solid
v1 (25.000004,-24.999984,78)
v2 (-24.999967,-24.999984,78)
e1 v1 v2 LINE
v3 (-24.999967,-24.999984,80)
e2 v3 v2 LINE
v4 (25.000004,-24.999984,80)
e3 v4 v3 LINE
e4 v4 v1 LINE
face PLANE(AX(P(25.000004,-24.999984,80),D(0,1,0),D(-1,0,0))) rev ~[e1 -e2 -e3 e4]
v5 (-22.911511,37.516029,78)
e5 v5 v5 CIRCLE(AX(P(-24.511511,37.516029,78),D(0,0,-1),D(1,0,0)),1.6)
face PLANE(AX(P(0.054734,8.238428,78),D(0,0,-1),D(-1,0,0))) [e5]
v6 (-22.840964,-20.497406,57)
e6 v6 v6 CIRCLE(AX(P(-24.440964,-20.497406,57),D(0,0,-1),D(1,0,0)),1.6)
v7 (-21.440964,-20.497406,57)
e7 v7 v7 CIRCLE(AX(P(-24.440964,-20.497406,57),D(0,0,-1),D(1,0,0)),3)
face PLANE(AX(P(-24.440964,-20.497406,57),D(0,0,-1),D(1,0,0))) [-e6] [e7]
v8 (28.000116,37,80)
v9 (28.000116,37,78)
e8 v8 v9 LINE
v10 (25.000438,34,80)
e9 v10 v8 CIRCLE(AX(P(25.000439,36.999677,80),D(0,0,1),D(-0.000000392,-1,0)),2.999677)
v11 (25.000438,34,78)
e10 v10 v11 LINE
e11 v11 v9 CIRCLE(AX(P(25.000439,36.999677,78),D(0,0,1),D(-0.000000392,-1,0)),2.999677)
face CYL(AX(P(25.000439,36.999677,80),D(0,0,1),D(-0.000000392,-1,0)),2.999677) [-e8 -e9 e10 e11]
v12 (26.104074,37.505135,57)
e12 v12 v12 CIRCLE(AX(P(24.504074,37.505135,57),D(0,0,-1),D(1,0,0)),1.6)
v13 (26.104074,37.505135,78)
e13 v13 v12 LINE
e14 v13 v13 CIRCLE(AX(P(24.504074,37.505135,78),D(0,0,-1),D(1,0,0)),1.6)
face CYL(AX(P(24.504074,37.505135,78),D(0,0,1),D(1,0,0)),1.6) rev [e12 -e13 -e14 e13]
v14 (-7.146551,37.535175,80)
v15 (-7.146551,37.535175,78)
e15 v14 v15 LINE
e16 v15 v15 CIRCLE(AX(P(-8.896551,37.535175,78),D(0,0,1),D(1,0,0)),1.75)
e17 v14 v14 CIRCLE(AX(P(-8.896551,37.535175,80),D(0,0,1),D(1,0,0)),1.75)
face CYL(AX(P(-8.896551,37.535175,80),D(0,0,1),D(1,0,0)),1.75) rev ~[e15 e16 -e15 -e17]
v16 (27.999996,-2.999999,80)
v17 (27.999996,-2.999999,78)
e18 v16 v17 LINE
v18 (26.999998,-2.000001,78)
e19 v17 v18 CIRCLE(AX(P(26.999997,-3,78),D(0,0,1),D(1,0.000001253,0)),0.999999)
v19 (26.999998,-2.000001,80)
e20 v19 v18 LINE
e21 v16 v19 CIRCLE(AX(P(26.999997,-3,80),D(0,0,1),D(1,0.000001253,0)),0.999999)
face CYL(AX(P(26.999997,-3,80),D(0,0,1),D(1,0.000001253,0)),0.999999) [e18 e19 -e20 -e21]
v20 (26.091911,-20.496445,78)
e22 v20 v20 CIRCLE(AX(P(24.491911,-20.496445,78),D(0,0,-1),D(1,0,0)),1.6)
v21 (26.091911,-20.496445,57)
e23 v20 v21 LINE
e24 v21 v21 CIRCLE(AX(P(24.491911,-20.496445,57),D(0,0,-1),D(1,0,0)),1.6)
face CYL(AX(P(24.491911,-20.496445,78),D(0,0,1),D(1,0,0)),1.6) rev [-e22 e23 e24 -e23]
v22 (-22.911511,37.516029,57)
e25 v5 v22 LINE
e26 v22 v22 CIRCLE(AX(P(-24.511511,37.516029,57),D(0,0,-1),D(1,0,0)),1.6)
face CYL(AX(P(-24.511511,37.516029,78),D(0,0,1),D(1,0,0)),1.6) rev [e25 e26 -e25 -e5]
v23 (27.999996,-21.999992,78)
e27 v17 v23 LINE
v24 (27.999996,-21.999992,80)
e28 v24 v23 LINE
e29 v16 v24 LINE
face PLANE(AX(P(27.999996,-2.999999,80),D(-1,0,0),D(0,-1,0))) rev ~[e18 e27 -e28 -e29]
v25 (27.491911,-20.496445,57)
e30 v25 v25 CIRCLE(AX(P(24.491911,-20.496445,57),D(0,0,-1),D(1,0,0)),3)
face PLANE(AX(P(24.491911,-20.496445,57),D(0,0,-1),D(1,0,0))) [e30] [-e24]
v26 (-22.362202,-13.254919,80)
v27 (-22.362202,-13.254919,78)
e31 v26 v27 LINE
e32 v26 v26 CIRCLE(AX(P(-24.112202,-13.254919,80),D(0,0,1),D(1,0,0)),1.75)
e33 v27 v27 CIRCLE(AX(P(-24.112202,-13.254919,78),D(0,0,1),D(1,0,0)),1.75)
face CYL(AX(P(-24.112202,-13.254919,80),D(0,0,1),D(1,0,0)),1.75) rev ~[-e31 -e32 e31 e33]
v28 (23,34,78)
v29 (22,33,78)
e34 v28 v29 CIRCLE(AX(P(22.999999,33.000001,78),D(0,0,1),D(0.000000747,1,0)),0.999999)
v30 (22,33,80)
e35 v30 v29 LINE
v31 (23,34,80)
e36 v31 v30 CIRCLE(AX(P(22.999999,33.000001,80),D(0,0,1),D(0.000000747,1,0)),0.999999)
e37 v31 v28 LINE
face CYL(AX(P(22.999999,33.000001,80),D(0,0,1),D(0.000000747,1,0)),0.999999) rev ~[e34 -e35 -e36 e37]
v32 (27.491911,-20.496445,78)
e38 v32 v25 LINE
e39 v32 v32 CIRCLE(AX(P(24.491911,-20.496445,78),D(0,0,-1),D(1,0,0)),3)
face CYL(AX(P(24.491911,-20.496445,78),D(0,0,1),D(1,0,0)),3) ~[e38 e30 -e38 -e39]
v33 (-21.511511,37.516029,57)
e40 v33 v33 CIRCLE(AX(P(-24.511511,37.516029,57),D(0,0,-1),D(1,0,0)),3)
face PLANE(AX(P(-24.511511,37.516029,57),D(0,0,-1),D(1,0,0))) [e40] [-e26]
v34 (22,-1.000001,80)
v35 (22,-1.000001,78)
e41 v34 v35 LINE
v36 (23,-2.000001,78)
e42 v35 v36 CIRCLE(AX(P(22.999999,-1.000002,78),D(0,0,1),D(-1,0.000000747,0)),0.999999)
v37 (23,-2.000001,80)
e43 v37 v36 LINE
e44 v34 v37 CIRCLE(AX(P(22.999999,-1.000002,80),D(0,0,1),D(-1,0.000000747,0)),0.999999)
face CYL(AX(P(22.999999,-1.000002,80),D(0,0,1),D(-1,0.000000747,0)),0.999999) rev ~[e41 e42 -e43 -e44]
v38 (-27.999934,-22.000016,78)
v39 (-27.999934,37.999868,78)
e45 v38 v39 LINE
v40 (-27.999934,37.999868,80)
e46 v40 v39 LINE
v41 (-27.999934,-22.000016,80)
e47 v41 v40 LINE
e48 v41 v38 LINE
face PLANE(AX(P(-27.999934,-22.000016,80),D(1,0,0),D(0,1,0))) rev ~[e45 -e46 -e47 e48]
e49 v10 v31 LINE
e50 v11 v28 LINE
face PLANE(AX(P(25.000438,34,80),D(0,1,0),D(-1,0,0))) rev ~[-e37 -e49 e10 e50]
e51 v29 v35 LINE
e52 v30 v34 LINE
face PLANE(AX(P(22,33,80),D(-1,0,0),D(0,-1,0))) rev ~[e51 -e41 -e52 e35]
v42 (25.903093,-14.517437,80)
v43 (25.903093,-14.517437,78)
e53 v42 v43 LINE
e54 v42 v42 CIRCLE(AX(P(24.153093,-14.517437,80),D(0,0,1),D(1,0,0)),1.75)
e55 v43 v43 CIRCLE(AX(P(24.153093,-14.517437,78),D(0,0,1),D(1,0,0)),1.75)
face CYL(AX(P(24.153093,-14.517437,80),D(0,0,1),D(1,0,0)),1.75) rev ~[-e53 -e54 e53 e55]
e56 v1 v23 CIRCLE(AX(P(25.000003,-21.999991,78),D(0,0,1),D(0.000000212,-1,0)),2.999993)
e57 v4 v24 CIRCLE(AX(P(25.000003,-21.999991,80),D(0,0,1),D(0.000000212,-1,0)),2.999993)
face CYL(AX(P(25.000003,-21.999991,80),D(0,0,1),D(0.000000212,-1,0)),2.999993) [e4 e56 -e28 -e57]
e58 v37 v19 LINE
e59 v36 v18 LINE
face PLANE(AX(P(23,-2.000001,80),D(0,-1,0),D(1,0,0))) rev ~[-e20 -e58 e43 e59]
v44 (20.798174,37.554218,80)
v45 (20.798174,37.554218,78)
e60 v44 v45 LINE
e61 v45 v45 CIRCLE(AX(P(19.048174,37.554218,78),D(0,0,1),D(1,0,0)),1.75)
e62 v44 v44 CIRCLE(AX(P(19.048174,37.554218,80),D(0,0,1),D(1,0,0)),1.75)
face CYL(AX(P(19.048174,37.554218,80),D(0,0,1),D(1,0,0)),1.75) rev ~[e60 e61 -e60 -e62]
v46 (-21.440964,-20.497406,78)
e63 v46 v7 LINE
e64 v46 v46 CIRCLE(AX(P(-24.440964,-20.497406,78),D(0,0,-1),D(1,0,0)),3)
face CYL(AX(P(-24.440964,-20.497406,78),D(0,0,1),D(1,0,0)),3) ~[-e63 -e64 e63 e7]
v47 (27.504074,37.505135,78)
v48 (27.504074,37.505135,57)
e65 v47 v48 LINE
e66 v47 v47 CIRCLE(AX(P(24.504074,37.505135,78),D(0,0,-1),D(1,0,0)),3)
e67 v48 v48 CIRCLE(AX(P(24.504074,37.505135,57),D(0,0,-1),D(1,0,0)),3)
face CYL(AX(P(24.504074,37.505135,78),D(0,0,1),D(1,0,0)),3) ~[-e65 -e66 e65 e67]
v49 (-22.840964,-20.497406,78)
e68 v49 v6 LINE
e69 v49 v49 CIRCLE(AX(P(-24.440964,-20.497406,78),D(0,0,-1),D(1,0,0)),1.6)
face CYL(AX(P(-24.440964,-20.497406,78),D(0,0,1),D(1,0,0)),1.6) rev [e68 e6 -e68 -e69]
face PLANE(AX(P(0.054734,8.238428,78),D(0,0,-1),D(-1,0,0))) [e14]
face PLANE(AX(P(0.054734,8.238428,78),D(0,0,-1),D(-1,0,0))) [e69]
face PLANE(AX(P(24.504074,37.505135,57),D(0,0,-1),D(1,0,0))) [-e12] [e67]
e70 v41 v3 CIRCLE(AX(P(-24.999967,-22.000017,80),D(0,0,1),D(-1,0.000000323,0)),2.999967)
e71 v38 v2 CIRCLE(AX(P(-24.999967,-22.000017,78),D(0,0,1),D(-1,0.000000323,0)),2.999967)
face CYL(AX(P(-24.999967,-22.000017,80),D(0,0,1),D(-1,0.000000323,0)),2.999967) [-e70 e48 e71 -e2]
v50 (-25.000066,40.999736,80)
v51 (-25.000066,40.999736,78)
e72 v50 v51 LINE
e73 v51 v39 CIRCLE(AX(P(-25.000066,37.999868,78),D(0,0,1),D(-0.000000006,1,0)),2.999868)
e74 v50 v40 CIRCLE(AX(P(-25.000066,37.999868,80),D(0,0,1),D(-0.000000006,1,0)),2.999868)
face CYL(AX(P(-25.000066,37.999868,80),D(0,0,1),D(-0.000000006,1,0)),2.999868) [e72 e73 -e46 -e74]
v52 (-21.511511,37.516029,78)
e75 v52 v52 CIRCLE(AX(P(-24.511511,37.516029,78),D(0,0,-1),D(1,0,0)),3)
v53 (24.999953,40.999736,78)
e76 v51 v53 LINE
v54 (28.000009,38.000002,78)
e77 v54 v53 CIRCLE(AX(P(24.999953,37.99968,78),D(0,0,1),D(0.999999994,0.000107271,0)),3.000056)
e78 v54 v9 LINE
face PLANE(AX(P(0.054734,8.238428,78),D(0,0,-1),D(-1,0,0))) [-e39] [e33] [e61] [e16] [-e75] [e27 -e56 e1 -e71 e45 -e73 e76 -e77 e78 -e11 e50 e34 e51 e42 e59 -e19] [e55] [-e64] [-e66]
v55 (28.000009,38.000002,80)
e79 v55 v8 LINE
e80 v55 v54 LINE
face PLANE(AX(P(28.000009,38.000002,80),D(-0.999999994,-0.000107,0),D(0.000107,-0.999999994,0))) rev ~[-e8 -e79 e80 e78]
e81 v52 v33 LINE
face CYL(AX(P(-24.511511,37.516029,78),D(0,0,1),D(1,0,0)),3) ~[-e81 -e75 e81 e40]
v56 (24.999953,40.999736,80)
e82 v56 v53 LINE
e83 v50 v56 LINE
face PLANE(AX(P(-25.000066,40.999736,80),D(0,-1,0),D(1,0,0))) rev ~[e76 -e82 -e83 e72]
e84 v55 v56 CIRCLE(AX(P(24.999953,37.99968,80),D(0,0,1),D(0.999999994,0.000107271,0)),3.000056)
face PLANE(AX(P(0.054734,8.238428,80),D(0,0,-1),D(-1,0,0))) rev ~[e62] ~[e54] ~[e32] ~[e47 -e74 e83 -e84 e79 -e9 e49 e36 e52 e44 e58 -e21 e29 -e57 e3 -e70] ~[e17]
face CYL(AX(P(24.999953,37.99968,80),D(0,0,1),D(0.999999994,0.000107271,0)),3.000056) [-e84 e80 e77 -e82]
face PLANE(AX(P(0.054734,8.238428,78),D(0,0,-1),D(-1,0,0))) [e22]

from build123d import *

# Parameters (mm, degrees)
PAD_DEPTH     = 2
SKETCH001_R   = 1.75
POCKET_DEPTH  = 5
SKETCH002_R   = 3
SKETCH002_R_2 = 1.6
PAD001_DEPTH  = 21


with BuildPart() as part:
    # Sketch → Pad (new body)
    with BuildSketch(Plane.XY):
        with BuildLine():
            Line((-25.000066, 40.999736), (24.999953, 40.999736))
            ThreePointArc((28.000009, 38.000002), (27.121199, 40.121154), (24.999953, 40.999736))
            Line((28.000009, 38.000002), (28.000116, 37))
            ThreePointArc((25.000438, 34), (27.121645, 34.878699), (28.000116, 37))
            Line((25.000438, 34), (23, 34))
            ThreePointArc((23, 34), (22.292893, 33.707107), (22, 33))
            Line((22, 33), (22, -1.000001))
            ThreePointArc((22, -1.000001), (22.292893, -1.707108), (23, -2.000001))
            Line((23, -2.000001), (26.999998, -2.000001))
            ThreePointArc((27.999996, -2.999999), (27.707103, -2.292894), (26.999998, -2.000001))
            Line((27.999996, -2.999999), (27.999996, -21.999992))
            ThreePointArc((25.000004, -24.999984), (27.121319, -24.121306), (27.999996, -21.999992))
            Line((25.000004, -24.999984), (-24.999967, -24.999984))
            ThreePointArc((-27.999934, -22.000016), (-27.121264, -24.121314), (-24.999967, -24.999984))
            Line((-27.999934, -22.000016), (-27.999934, 37.999868))
            ThreePointArc((-25.000066, 40.999736), (-27.121293, 40.121095), (-27.999934, 37.999868))
        make_face()
    extrude(amount=-PAD_DEPTH)

    # Sketch001 (on Face16 of Pad) → Pocket (cut)
    with BuildSketch(Plane.XY):
        with Locations((-8.896551, 37.535175)):
            Circle(SKETCH001_R)
        with Locations((19.048174, 37.554218)):
            Circle(SKETCH001_R)
        with Locations((-24.112202, -13.254919)):
            Circle(SKETCH001_R)
        with Locations((24.153093, -14.517437)):
            Circle(SKETCH001_R)
    extrude(amount=-POCKET_DEPTH, mode=Mode.SUBTRACT)

    # Sketch002 (on Face5 of Pocket) → Pad001 (join)
    with BuildSketch(Plane(origin=(0, 0, -2), x_dir=(1, 0, 0), z_dir=(0, 0, -1))):
        with Locations((-24.440964, 20.497406)):
            Circle(SKETCH002_R)
        with Locations((-24.440964, 20.497406)):
            Circle(SKETCH002_R_2, mode=Mode.SUBTRACT)
        with Locations((24.491911, 20.496445)):
            Circle(SKETCH002_R)
        with Locations((24.491911, 20.496445)):
            Circle(SKETCH002_R_2, mode=Mode.SUBTRACT)
        with Locations((-24.511511, -37.516029)):
            Circle(SKETCH002_R)
        with Locations((-24.511511, -37.516029)):
            Circle(SKETCH002_R_2, mode=Mode.SUBTRACT)
        with Locations((24.504074, -37.505135)):
            Circle(SKETCH002_R)
        with Locations((24.504074, -37.505135)):
            Circle(SKETCH002_R_2, mode=Mode.SUBTRACT)
    extrude(amount=PAD001_DEPTH)


with BuildPart() as part_1:
    # Body placement: moved
    add(part.part.moved(Location((0, 0, 24.5))))


with BuildPart() as part_2:
    # Clone placement: moved
    add(part_1.part.moved(Location((0, 0, 55.5))))


solid = part_2.part
